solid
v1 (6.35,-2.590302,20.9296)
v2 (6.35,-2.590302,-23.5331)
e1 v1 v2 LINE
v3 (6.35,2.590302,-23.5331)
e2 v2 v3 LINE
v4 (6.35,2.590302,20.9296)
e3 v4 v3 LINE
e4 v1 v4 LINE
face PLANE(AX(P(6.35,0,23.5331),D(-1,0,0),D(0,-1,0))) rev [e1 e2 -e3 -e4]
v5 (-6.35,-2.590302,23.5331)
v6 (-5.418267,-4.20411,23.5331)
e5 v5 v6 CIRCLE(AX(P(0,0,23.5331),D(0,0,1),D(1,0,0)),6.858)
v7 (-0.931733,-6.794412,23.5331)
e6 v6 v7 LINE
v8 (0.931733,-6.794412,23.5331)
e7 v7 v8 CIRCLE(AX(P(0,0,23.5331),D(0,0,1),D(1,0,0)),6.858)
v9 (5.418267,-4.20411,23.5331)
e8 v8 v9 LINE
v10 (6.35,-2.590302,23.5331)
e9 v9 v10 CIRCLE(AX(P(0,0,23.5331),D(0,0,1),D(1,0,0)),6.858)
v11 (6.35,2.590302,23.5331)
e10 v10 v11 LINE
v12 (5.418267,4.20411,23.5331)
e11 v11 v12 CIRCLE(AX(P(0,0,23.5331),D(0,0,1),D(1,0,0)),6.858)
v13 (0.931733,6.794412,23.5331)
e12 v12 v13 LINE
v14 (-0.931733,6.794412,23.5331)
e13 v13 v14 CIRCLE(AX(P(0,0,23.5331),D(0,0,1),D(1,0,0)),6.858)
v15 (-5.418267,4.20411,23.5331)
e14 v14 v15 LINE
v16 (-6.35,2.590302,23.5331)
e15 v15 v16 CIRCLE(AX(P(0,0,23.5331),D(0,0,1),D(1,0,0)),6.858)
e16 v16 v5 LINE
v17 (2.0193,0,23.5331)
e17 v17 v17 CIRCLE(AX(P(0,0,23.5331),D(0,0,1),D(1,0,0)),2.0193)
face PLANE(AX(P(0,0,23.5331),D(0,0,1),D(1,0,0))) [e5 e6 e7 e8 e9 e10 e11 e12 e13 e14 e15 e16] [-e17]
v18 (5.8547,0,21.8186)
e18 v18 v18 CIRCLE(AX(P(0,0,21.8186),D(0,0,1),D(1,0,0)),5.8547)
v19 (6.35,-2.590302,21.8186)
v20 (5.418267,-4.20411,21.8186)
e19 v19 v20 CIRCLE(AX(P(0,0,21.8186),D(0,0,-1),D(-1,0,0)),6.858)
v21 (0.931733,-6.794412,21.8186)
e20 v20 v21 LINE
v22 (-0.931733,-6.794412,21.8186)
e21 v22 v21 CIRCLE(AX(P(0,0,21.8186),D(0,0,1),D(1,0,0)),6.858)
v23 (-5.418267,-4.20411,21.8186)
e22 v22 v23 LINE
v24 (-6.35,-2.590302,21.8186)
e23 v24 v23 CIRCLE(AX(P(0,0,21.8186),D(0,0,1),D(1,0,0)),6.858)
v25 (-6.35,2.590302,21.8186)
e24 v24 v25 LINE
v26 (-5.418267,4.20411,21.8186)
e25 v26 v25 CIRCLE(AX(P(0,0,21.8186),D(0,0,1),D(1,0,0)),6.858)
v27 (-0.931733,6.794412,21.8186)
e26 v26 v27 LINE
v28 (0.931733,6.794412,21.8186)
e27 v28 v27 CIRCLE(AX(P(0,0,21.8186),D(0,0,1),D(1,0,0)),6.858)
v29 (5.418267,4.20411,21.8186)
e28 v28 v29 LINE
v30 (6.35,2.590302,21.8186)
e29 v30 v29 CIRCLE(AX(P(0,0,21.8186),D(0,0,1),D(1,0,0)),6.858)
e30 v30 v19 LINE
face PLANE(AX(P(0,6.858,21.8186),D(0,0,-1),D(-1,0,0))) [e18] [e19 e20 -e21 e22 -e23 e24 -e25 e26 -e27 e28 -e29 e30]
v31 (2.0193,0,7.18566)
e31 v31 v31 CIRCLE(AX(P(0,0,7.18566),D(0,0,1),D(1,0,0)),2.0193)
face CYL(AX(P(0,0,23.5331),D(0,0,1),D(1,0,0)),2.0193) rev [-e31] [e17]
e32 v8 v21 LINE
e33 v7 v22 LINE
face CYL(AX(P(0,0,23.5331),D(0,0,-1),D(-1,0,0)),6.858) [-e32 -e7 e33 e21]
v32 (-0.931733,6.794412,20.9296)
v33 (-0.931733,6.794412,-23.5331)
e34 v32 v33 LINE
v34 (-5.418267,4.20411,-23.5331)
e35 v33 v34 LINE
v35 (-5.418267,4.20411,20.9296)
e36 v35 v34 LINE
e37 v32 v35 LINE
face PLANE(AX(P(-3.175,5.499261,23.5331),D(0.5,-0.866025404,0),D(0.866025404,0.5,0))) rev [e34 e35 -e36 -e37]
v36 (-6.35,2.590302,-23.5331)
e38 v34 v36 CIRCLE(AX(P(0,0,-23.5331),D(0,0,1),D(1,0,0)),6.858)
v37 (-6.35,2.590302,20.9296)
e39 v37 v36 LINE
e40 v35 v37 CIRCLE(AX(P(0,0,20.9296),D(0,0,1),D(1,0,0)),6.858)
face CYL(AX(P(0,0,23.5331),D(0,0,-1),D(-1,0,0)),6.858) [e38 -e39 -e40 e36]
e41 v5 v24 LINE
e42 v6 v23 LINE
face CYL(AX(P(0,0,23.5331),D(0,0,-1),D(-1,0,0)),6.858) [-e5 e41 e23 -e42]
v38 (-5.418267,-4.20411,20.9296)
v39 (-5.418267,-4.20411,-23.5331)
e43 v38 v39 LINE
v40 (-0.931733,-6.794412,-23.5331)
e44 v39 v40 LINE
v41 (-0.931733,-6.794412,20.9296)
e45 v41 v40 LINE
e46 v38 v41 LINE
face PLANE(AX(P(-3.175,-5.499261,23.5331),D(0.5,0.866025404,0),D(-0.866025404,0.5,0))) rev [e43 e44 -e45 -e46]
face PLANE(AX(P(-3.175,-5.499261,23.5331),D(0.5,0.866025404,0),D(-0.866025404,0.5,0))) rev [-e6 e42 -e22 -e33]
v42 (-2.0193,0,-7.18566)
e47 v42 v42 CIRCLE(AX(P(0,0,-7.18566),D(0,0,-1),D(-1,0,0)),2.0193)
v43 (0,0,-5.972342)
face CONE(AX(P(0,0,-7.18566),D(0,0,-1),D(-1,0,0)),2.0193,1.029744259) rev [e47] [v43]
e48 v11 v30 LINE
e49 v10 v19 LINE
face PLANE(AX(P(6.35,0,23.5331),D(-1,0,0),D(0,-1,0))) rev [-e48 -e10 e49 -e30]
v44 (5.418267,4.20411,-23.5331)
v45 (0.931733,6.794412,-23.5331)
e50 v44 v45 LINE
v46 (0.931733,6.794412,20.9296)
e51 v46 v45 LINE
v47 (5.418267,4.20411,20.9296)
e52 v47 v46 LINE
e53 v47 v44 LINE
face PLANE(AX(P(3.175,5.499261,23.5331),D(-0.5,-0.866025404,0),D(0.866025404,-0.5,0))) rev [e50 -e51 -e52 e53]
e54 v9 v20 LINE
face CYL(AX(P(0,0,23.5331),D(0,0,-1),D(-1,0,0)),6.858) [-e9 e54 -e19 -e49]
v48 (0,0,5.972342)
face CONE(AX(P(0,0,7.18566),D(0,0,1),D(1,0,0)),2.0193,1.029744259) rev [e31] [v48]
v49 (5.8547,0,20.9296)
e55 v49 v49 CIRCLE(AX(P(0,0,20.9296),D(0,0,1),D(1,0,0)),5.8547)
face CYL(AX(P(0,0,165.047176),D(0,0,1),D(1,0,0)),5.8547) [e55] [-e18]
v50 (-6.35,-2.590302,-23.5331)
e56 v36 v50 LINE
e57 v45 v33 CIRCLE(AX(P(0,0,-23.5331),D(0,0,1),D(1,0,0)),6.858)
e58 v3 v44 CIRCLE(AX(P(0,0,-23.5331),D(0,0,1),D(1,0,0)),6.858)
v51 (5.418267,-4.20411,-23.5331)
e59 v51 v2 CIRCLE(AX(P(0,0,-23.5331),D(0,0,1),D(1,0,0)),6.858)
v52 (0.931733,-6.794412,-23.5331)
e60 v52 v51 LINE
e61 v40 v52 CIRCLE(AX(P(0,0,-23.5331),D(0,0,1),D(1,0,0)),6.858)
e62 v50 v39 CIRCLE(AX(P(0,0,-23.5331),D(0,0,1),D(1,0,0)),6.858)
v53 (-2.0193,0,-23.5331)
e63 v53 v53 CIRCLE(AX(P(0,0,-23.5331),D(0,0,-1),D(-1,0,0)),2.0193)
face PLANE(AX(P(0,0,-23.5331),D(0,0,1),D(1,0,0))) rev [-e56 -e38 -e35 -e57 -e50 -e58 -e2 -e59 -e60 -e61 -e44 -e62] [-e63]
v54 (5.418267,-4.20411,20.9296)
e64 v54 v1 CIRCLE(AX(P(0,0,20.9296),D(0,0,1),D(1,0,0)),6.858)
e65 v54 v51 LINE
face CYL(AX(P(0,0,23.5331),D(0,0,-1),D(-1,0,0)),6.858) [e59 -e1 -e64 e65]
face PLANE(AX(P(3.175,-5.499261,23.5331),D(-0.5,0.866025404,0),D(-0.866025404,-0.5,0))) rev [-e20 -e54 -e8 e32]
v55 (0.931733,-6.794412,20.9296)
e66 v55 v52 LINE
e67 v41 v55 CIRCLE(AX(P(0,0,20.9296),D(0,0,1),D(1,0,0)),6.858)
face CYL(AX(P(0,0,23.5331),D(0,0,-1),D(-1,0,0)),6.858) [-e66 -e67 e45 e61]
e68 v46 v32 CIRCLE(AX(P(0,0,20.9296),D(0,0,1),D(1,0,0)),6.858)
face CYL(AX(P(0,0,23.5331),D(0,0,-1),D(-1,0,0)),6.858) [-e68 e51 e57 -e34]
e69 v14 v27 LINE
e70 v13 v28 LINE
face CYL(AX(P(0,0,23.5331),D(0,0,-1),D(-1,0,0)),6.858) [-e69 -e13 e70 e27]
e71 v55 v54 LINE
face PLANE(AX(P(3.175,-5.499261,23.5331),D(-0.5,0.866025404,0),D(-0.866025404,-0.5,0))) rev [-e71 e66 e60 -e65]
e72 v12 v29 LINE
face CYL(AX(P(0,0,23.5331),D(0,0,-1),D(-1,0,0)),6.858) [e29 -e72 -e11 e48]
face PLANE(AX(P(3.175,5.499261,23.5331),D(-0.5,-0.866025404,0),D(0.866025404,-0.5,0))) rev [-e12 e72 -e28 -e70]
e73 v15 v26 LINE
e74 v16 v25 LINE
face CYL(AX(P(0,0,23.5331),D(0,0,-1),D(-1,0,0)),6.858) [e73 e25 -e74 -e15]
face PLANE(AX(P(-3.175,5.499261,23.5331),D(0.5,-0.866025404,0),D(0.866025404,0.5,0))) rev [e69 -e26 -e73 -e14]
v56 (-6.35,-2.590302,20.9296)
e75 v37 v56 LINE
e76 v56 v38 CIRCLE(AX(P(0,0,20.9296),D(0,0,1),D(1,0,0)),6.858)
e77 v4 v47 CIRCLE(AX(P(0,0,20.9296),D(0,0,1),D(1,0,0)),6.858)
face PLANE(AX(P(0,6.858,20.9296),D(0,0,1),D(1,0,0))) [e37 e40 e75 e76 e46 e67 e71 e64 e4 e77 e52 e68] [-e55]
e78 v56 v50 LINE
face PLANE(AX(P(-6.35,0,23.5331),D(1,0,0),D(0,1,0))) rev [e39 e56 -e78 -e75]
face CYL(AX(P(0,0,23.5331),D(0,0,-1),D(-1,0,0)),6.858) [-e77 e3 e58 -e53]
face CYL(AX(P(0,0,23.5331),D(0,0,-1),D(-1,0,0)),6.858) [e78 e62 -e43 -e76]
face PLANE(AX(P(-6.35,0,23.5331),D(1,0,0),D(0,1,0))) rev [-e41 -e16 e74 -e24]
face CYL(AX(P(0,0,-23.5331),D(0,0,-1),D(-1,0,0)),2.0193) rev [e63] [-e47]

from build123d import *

# Parameters (mm, degrees)
BOSS_EXTRUDE1_DEPTH                  = 23.5331
F_10_32_TAPPED_HOLE1_D               = 4.0386
F_10_32_TAPPED_HOLE1_DEPTH           = 16.34744
F_10_32_TAPPED_HOLE1_TIP             = 1.213317848
F_10_32_TAPPED_HOLE1_ON_FACE_2_D     = 4.0386
F_10_32_TAPPED_HOLE1_ON_FACE_2_DEPTH = 16.34744
F_10_32_TAPPED_HOLE1_ON_FACE_2_TIP   = 1.213317848
SKETCH5_W                            = 0.889
SKETCH5_H                            = 1.0033


with BuildPart() as part:
    # Sketch1 → Boss-Extrude1 (new, symmetric)
    with BuildSketch(Plane.XY):
        with BuildLine():
            ThreePointArc((0.93173274, 6.79441227), (0, 6.858), (-0.93173274, 6.79441227))
            Line((-0.93173274, 6.79441227), (-5.41826726, 4.204110358))
            ThreePointArc((-5.41826726, 4.204110358), (-5.939202219, 3.429), (-6.35, 2.590301913))
            Line((-6.35, 2.590301913), (-6.35, -2.590301913))
            ThreePointArc((-6.35, -2.590301913), (-5.939202219, -3.429), (-5.41826726, -4.204110358))
            Line((-5.41826726, -4.204110358), (-0.93173274, -6.79441227))
            ThreePointArc((-0.93173274, -6.79441227), (0, -6.858), (0.93173274, -6.79441227))
            Line((0.93173274, -6.79441227), (5.41826726, -4.204110358))
            ThreePointArc((5.41826726, -4.204110358), (5.939202219, -3.429), (6.35, -2.590301913))
            Line((6.35, -2.590301913), (6.35, 2.590301913))
            ThreePointArc((6.35, 2.590301913), (5.939202219, 3.429), (5.41826726, 4.204110358))
            Line((5.41826726, 4.204110358), (0.93173274, 6.79441227))
        make_face()
    extrude(amount=BOSS_EXTRUDE1_DEPTH, both=True)

    # #10-32 Tapped Hole1
    with Locations(Plane.XY.offset(23.5331)):
        with Locations((0, 0)):
            Hole(F_10_32_TAPPED_HOLE1_D / 2, depth=F_10_32_TAPPED_HOLE1_DEPTH)
            with Locations((0, 0, -(F_10_32_TAPPED_HOLE1_DEPTH + F_10_32_TAPPED_HOLE1_TIP / 2))):  # 118° drill point
                Cone(0, F_10_32_TAPPED_HOLE1_D / 2, F_10_32_TAPPED_HOLE1_TIP, mode=Mode.SUBTRACT)

    # #10-32 Tapped Hole1 on face 2
    with Locations(Plane(origin=(0, 0, -23.5331), x_dir=(-1, 0, 0), z_dir=(0, 0, -1))):
        with Locations((0, 0)):
            Hole(F_10_32_TAPPED_HOLE1_ON_FACE_2_D / 2, depth=F_10_32_TAPPED_HOLE1_ON_FACE_2_DEPTH)
            with Locations((0, 0, -(F_10_32_TAPPED_HOLE1_ON_FACE_2_DEPTH + F_10_32_TAPPED_HOLE1_ON_FACE_2_TIP / 2))):  # 118° drill point
                Cone(0, F_10_32_TAPPED_HOLE1_ON_FACE_2_D / 2, F_10_32_TAPPED_HOLE1_ON_FACE_2_TIP, mode=Mode.SUBTRACT)

    # Sketch5 → Cut-Revolve1 (revolve, cut)
    with BuildSketch(Plane(origin=(0, 0, 0), x_dir=(0, 0, -1), z_dir=(1, 0, 0)), mode=Mode.PRIVATE) as cut_revolve1_sk:
        with Locations((-21.3741, 6.35635)):
            Rectangle(SKETCH5_W, SKETCH5_H)
    revolve(cut_revolve1_sk.sketch.rotate(Axis((0, 0, 165.047176272), (0, 0, -1)), 90), axis=Axis((0, 0, 165.047176272), (0, 0, -1)), mode=Mode.SUBTRACT)


solid = part.part
